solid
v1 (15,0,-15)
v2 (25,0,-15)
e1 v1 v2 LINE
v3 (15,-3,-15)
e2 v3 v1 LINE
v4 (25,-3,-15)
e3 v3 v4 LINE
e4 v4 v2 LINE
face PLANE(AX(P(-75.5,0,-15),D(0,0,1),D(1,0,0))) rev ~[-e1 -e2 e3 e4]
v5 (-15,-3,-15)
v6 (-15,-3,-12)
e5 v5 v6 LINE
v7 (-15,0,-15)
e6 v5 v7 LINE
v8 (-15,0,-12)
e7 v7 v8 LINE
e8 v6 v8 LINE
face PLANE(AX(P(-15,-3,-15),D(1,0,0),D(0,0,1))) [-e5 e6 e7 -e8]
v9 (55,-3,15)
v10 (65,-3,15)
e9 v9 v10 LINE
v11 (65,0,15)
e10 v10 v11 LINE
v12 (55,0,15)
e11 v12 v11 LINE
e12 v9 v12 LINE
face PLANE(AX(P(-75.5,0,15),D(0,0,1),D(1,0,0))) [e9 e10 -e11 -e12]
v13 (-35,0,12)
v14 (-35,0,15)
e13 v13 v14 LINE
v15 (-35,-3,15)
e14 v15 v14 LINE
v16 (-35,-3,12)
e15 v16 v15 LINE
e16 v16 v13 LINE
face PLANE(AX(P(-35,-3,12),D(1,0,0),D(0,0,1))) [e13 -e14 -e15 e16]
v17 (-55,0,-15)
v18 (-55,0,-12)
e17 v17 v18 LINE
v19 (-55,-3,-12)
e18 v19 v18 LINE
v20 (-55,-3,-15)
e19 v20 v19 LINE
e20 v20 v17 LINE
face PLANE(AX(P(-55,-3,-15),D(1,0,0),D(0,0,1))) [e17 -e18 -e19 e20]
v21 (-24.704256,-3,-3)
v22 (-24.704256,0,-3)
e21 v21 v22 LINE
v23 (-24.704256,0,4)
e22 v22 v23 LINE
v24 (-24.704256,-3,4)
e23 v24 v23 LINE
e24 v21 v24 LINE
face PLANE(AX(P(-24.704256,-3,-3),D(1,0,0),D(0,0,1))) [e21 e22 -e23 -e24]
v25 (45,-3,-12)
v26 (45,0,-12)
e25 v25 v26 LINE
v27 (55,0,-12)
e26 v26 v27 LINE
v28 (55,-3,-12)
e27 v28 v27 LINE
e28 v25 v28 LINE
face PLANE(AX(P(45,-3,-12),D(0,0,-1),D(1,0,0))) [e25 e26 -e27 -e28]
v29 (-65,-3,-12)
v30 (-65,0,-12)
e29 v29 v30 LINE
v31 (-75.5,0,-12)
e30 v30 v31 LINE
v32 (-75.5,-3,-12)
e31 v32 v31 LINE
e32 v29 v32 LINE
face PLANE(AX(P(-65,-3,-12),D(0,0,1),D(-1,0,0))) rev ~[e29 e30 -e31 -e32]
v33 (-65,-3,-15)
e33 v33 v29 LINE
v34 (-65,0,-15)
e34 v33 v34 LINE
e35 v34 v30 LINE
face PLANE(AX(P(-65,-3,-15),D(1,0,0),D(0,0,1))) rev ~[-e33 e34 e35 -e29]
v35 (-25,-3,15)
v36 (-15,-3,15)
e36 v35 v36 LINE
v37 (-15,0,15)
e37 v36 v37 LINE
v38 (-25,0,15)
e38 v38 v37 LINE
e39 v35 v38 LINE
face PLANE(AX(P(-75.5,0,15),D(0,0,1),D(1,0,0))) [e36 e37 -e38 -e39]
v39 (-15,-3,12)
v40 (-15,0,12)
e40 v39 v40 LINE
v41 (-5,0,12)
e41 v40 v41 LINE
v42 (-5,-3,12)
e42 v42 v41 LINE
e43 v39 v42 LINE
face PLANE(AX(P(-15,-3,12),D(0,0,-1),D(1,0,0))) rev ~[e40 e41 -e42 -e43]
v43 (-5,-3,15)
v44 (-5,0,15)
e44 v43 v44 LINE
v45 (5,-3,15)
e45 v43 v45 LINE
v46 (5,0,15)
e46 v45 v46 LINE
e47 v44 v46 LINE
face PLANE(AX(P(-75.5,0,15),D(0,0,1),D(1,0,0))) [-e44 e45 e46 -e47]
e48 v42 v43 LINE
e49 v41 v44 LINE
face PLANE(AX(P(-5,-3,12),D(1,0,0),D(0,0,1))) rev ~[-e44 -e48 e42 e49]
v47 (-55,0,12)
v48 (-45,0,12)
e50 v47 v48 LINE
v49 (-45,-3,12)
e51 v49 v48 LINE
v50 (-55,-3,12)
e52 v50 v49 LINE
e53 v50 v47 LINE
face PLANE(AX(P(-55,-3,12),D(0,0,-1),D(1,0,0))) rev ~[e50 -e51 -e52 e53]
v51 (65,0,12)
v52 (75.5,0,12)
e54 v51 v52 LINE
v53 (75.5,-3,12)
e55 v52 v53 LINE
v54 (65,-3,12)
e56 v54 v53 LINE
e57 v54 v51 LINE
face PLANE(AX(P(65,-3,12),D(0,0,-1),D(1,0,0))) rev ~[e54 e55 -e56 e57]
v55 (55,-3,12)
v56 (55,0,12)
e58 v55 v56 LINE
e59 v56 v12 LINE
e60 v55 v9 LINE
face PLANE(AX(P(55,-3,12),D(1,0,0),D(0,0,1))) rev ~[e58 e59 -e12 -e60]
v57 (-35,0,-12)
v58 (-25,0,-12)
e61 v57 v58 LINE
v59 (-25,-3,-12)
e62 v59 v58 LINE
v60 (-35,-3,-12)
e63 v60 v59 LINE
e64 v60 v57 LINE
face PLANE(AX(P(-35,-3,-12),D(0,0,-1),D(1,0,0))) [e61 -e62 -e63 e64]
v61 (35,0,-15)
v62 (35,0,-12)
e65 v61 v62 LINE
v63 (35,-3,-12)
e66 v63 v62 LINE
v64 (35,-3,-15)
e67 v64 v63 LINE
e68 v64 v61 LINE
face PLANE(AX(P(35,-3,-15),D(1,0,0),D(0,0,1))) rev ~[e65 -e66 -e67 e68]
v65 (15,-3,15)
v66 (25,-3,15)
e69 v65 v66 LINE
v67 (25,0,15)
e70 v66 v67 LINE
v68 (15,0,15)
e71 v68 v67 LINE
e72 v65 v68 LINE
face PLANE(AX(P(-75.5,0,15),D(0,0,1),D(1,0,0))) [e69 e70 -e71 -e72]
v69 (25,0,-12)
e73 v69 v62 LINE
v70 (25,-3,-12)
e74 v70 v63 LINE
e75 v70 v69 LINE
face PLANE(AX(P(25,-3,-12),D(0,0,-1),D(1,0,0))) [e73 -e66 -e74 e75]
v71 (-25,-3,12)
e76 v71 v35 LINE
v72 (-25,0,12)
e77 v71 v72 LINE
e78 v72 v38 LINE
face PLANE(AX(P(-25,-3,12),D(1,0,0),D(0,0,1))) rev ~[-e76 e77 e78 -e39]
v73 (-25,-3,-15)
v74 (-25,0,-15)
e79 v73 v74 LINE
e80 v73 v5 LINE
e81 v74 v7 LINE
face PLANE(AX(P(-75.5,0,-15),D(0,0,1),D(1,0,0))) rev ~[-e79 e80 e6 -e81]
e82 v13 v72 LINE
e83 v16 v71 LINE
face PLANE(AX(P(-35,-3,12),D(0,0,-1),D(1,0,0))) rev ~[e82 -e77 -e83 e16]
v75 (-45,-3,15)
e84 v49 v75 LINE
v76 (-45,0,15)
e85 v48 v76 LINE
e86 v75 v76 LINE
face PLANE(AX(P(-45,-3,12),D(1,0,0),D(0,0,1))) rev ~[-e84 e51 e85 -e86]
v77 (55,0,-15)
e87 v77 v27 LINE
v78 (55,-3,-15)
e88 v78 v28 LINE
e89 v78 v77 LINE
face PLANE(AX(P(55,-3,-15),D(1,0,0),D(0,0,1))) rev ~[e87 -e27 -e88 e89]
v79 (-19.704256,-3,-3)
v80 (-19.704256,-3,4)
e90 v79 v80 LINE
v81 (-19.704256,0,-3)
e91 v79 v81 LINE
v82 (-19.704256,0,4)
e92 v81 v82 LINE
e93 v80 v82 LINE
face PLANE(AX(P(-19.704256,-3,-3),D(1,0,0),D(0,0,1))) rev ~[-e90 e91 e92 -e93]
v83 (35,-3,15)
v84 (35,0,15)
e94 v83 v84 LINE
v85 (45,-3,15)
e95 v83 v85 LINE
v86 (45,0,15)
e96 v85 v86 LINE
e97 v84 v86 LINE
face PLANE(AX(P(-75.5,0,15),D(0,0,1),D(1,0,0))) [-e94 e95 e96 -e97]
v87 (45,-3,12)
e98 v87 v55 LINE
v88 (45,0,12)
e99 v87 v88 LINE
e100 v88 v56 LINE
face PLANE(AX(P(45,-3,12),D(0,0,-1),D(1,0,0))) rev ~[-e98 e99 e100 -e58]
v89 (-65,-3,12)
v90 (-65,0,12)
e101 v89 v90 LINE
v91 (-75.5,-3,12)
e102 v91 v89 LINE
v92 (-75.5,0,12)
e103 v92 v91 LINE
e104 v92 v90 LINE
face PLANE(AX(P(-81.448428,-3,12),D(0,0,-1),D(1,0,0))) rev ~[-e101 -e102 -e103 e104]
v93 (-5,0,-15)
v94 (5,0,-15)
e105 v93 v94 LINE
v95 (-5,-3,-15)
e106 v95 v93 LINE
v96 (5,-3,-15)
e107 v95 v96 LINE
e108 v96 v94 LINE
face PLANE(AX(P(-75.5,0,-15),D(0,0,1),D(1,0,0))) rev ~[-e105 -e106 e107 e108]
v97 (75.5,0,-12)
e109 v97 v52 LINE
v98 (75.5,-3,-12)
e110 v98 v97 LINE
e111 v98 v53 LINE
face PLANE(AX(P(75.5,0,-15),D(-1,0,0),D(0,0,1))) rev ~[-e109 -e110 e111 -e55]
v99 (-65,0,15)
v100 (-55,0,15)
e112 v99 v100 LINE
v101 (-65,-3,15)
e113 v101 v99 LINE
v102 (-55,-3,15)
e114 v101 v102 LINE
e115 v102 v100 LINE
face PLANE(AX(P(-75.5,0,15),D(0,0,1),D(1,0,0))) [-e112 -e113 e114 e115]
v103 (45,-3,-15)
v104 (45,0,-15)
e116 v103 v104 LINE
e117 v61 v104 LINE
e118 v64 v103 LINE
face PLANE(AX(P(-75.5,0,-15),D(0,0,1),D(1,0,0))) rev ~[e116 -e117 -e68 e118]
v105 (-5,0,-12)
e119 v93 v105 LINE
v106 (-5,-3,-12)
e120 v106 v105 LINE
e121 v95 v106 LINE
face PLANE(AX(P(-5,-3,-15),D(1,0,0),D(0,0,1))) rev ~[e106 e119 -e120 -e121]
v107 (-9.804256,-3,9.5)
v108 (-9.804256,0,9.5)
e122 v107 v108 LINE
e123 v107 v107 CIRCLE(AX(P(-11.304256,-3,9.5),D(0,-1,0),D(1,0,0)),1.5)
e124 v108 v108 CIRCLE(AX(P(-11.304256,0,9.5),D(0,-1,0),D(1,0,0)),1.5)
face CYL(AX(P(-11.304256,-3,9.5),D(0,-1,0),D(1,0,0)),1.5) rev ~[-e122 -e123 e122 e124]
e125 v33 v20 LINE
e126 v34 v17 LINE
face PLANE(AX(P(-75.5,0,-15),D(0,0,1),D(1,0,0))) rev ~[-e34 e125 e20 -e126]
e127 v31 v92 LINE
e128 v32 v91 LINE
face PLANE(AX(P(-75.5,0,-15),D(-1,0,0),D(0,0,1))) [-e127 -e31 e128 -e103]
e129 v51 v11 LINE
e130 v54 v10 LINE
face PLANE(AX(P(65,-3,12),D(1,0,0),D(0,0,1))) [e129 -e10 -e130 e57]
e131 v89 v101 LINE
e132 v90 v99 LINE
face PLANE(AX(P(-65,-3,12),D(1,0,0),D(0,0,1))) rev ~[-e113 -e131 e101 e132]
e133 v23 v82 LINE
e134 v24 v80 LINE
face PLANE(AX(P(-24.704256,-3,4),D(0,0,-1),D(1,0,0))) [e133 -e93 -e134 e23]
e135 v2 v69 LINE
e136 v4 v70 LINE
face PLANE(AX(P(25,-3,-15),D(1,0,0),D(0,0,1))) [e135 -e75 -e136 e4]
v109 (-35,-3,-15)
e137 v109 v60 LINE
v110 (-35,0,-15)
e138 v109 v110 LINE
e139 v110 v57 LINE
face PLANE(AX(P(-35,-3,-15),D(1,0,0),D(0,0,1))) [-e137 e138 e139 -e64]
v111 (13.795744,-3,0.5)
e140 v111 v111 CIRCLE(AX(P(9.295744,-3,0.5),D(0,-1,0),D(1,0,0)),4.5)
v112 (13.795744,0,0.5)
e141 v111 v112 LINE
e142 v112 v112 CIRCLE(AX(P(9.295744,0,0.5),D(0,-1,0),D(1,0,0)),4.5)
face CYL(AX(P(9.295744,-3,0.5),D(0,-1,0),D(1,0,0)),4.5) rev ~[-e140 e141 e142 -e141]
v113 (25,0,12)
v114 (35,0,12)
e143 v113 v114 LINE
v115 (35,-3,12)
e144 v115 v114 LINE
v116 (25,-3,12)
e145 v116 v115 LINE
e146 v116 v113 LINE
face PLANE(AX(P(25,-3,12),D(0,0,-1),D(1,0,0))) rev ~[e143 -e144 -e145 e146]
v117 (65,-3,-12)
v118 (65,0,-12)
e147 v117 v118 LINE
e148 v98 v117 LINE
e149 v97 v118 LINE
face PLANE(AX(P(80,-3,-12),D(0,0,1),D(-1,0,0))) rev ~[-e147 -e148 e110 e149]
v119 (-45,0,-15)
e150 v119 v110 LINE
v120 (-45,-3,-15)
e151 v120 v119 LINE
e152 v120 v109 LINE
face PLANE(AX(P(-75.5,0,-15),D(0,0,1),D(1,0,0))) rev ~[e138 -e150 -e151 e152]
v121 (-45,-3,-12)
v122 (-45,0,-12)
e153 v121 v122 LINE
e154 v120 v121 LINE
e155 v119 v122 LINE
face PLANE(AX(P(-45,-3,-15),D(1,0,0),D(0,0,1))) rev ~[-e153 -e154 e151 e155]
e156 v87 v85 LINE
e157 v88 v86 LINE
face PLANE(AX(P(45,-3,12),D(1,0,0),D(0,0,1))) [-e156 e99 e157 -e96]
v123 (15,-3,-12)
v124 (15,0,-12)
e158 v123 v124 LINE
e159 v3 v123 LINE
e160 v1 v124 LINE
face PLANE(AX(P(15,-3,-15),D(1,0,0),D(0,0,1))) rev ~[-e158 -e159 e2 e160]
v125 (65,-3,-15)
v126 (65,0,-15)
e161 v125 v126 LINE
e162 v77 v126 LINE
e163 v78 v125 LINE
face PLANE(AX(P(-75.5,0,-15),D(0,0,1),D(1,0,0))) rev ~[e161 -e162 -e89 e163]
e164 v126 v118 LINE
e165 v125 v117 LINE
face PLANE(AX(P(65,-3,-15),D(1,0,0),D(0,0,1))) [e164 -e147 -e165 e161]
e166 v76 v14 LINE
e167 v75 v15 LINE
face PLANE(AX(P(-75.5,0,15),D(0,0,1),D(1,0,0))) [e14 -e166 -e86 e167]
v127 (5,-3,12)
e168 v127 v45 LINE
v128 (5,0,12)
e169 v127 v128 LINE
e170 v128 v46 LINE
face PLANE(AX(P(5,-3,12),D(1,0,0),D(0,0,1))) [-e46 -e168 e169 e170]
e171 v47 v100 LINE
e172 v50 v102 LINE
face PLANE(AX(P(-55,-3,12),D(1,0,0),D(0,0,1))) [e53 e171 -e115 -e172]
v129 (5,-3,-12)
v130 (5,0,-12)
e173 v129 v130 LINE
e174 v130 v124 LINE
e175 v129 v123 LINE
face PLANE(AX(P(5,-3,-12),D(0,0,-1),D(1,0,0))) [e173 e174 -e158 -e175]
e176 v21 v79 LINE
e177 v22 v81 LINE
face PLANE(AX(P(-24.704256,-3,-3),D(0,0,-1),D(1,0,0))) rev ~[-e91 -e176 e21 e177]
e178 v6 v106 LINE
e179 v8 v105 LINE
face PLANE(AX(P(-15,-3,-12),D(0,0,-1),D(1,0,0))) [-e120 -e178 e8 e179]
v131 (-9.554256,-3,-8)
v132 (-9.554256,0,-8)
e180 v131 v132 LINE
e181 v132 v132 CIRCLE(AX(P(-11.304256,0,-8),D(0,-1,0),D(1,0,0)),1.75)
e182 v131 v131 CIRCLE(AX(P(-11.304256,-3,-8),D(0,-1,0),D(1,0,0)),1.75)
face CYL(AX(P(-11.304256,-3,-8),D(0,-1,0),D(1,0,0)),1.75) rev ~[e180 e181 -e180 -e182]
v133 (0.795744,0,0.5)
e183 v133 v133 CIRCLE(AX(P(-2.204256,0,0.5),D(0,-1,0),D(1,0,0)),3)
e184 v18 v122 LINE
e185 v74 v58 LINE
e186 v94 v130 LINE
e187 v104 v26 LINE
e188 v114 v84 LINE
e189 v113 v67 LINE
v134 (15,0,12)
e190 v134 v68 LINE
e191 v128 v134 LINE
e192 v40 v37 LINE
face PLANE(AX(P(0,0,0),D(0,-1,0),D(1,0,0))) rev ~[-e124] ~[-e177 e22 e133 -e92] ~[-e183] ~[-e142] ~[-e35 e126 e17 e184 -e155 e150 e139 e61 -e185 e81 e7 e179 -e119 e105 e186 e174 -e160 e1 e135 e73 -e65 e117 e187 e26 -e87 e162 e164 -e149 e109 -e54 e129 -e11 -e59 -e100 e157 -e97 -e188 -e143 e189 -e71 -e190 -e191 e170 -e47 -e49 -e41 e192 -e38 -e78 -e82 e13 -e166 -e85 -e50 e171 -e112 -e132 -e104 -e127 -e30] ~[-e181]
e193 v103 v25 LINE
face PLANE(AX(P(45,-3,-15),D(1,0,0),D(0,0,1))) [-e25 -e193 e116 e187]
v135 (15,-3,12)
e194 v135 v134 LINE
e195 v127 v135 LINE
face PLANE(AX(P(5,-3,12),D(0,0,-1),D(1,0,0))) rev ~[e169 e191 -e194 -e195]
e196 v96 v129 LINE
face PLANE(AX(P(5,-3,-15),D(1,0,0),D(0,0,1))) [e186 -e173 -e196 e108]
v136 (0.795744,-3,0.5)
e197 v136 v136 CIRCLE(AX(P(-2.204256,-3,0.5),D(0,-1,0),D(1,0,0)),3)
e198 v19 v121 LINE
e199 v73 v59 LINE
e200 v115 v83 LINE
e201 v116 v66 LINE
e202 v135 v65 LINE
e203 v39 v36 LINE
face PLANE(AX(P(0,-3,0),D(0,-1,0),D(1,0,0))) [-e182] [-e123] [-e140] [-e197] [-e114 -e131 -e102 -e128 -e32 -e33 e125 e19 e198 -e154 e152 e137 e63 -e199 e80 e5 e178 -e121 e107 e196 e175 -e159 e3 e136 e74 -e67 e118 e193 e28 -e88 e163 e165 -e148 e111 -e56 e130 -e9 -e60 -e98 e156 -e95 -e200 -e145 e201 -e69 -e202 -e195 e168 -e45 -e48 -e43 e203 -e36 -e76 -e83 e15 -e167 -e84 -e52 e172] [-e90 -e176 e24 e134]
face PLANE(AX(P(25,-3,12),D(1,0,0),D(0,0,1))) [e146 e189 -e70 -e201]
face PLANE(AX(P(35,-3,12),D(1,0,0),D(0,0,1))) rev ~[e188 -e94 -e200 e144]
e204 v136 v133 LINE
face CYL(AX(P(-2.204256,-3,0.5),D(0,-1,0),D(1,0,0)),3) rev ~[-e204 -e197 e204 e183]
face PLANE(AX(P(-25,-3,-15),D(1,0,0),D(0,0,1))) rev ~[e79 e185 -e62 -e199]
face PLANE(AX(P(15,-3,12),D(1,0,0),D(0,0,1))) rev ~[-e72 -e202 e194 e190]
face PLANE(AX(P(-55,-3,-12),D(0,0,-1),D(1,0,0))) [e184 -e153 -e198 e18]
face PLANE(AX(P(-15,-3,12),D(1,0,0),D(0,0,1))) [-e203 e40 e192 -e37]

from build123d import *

# Parameters (mm, degrees)
F0_W     = 151
F0_H     = 30
F1_DEPTH = 3
F2_W     = 5
F2_H     = 3
F2_W_2   = 6.448428
F2_W_3   = 10
F2_W_4   = 3.551572
F2_R     = 4.5
F2_R_2   = 1.5
F2_R_3   = 1.75
F2_R_4   = 3
F2_H_2   = 7
F3_DEPTH = 25


with BuildPart() as f1:
    # F0 (on Front) → F1 (new body)
    with BuildSketch(Plane.XZ):
        Rectangle(F0_W, F0_H)
    extrude(amount=F1_DEPTH)

    # F2 (on face) → F3 (cut)
    with BuildSketch(Plane.XZ.offset(3)):
        with Locations((-72.5, -13.5)):
            Rectangle(F2_W, F2_H)
        with Locations((-78.224214, -13.5)):
            Rectangle(F2_W_2, F2_H)
        with Locations((-67.5, -13.5)):
            Rectangle(F2_W, F2_H)
        with Locations((-72.5, 13.5)):
            Rectangle(F2_W, F2_H)
        with Locations((-78.224214, 13.5)):
            Rectangle(F2_W_2, F2_H)
        with Locations((-67.5, 13.5)):
            Rectangle(F2_W, F2_H)
        with Locations((-50, -13.5)):
            Rectangle(F2_W_3, F2_H)
        with Locations((-50, 13.5)):
            Rectangle(F2_W_3, F2_H)
        with Locations((-30, -13.5)):
            Rectangle(F2_W_3, F2_H)
        with Locations((-30, 13.5)):
            Rectangle(F2_W_3, F2_H)
        with Locations((-10, -13.5)):
            Rectangle(F2_W_3, F2_H)
        with Locations((-10, 13.5)):
            Rectangle(F2_W_3, F2_H)
        with Locations((10, -13.5)):
            Rectangle(F2_W_3, F2_H)
        with Locations((10, 13.5)):
            Rectangle(F2_W_3, F2_H)
        with Locations((30, -13.5)):
            Rectangle(F2_W_3, F2_H)
        with Locations((30, 13.5)):
            Rectangle(F2_W_3, F2_H)
        with Locations((50, -13.5)):
            Rectangle(F2_W_3, F2_H)
        with Locations((50, 13.5)):
            Rectangle(F2_W_3, F2_H)
        with Locations((66.775786, -13.5)):
            Rectangle(F2_W_4, F2_H)
        with Locations((71.775786, -13.5)):
            Rectangle(F2_W_2, F2_H)
        with Locations((77.5, -13.5)):
            Rectangle(F2_W, F2_H)
        with Locations((66.775786, 13.5)):
            Rectangle(F2_W_4, F2_H)
        with Locations((71.775786, 13.5)):
            Rectangle(F2_W_2, F2_H)
        with Locations((77.5, 13.5)):
            Rectangle(F2_W, F2_H)
        with Locations((9.295744, 0.5)):
            Circle(F2_R)
        with Locations((-11.304256, 9.5)):
            Circle(F2_R_2)
        with Locations((-11.304256, -8)):
            Circle(F2_R_3)
        with Locations((-2.204256, 0.5)):
            Circle(F2_R_4)
        with Locations((-22.204256, 0.5)):
            Rectangle(F2_W, F2_H_2)
    extrude(amount=-F3_DEPTH, mode=Mode.SUBTRACT)


solid = f1.part
